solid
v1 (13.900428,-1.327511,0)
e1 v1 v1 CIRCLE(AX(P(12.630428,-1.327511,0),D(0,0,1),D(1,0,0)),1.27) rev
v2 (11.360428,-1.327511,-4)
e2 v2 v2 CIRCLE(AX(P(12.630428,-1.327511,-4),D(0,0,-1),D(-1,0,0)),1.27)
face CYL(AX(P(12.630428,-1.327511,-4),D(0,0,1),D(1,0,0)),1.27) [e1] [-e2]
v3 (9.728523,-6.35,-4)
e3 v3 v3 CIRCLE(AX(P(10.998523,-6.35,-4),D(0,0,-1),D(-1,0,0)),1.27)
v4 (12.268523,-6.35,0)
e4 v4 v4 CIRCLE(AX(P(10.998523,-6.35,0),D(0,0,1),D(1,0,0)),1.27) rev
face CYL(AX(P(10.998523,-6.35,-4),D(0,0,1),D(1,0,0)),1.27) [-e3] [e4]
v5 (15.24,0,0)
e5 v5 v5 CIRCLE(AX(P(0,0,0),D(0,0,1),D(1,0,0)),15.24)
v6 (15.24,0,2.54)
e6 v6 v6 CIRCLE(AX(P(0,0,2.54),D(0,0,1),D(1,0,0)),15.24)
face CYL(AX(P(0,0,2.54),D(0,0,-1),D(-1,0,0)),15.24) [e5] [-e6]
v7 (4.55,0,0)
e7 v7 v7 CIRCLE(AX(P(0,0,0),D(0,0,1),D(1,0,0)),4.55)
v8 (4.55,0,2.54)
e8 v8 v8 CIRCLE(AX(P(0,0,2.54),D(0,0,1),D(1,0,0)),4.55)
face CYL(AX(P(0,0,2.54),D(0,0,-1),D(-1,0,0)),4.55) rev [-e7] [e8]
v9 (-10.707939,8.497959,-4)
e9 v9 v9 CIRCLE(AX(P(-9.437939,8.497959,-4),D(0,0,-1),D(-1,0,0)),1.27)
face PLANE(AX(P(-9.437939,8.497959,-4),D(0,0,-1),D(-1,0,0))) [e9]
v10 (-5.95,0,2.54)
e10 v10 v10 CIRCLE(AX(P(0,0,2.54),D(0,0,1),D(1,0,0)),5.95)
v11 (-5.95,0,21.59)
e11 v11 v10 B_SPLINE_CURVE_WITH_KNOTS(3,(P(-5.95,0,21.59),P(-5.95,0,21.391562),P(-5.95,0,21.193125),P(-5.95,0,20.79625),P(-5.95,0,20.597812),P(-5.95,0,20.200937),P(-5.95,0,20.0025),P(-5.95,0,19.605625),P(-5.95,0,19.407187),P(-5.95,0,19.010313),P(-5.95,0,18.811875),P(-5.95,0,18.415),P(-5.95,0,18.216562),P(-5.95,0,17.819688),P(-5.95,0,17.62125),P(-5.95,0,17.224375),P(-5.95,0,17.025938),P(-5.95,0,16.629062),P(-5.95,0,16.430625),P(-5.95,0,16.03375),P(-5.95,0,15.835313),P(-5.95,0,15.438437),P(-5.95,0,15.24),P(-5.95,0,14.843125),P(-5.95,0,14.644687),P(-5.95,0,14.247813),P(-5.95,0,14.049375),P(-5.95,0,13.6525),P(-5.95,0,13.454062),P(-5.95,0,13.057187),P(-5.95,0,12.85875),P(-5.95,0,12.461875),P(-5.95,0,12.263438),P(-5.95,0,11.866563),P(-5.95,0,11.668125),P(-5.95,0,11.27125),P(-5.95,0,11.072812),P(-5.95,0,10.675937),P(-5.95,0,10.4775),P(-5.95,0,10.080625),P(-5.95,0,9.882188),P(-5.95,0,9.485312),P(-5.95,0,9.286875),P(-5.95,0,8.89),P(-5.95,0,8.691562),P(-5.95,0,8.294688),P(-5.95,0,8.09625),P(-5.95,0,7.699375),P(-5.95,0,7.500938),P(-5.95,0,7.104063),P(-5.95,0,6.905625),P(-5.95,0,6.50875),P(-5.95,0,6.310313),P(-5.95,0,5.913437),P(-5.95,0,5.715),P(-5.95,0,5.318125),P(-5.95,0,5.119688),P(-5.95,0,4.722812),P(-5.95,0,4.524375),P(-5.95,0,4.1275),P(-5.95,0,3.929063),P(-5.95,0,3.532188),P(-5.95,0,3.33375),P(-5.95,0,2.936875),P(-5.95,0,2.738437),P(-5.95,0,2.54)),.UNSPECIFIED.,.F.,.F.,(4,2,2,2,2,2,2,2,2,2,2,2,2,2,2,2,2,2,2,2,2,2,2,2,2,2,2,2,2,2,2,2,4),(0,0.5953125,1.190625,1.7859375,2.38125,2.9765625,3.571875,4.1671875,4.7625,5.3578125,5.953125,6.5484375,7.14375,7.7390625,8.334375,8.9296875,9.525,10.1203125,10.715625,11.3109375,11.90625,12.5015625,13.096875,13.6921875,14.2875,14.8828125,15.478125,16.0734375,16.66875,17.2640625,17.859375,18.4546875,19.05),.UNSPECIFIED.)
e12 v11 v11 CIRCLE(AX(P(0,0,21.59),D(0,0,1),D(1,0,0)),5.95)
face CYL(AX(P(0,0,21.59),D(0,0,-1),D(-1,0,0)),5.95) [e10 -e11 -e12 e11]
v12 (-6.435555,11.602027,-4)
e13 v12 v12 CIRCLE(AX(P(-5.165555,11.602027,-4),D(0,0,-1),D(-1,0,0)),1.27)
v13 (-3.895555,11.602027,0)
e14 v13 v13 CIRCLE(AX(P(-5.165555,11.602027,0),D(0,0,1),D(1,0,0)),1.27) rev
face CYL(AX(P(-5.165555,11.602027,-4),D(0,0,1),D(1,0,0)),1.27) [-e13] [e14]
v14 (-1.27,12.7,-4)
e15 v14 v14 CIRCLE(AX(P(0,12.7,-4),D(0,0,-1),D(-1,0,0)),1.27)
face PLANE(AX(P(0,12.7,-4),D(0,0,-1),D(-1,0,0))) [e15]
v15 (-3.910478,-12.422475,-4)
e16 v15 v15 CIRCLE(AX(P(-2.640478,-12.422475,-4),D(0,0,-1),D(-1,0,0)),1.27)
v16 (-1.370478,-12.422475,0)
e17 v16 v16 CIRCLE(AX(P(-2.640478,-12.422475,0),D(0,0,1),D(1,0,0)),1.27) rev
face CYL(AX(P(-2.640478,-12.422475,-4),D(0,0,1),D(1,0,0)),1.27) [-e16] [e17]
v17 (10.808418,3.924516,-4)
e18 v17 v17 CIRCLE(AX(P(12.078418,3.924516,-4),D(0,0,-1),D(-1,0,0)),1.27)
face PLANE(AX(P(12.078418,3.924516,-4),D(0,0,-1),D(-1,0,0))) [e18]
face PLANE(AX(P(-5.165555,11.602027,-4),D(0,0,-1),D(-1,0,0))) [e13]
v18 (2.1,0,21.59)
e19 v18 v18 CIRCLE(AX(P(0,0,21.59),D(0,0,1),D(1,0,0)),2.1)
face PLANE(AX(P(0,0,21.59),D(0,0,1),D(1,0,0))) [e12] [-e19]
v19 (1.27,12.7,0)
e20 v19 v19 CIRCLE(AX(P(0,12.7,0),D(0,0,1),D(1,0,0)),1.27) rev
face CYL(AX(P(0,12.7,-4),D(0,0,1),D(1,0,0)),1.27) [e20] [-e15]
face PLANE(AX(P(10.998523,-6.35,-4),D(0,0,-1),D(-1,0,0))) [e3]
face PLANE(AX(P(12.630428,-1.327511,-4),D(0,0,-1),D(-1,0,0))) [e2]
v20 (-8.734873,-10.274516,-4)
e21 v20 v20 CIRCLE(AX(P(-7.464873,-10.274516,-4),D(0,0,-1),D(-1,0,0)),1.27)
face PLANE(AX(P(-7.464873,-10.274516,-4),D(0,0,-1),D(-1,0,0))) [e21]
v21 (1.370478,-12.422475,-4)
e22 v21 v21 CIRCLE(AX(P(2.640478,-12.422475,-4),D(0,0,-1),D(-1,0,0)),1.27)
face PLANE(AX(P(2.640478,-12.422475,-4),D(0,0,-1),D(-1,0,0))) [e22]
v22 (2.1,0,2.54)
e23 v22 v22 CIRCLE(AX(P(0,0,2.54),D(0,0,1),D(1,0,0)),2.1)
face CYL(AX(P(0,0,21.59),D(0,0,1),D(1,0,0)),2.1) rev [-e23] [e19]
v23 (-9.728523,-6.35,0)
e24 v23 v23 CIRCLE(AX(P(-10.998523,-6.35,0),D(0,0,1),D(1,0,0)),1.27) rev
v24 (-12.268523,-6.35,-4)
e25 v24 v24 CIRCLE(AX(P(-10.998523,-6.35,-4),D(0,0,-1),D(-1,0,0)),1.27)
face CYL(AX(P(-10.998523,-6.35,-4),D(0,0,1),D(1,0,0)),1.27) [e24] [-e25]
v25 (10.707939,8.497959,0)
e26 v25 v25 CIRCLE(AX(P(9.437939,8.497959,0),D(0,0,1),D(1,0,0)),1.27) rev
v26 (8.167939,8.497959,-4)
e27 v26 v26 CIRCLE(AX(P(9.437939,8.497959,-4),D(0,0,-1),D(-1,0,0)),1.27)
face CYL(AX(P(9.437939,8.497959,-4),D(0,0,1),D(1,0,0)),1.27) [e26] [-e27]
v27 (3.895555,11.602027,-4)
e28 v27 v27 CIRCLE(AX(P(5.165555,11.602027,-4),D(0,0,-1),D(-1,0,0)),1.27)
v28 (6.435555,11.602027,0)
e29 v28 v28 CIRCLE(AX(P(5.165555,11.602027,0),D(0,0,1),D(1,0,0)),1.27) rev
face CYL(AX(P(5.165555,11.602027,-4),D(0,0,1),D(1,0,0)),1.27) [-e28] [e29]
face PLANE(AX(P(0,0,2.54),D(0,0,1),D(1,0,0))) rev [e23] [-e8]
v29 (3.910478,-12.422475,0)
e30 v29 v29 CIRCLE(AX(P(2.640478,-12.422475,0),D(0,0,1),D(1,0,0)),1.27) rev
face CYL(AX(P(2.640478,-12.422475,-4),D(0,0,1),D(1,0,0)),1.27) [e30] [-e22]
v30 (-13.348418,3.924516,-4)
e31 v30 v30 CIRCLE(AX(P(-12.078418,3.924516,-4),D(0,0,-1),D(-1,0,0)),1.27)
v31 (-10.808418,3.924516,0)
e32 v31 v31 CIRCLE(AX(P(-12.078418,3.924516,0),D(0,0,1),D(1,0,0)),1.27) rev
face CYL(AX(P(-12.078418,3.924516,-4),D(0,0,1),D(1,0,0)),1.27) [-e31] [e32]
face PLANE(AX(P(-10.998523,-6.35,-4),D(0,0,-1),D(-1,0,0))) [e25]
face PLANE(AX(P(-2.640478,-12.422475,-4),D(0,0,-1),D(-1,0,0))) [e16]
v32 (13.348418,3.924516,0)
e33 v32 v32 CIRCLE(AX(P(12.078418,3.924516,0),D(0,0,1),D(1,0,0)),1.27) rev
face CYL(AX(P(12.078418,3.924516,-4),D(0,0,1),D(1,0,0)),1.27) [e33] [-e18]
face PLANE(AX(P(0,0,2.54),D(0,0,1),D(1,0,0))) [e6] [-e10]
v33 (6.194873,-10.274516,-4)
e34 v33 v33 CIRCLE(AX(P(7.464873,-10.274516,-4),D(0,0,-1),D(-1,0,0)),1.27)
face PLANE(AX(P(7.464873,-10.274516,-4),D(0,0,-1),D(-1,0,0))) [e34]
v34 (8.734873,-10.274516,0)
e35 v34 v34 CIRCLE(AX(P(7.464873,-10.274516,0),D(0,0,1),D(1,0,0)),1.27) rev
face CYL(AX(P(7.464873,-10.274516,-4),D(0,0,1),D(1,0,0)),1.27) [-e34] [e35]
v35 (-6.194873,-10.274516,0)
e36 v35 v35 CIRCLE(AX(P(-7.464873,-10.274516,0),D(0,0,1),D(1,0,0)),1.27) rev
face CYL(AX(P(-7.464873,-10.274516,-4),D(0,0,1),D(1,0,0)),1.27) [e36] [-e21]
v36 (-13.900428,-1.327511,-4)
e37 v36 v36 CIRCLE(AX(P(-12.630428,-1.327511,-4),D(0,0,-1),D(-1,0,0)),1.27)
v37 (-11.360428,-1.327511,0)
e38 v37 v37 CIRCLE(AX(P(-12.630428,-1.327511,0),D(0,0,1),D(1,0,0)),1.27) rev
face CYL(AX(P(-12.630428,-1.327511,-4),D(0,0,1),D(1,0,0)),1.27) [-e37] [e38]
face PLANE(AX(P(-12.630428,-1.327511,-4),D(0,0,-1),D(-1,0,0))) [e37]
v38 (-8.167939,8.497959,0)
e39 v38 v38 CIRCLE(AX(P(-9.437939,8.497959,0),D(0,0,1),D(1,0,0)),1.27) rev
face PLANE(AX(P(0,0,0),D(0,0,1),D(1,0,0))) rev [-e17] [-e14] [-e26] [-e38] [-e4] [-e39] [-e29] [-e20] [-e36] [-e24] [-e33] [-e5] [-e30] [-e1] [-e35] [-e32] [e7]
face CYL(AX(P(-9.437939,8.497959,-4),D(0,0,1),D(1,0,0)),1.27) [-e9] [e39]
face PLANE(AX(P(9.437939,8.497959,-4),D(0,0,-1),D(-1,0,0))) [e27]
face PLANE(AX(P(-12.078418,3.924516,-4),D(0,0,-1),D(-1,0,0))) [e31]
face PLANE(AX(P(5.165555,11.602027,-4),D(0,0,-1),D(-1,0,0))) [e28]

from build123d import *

# Parameters (mm, degrees)
SKETCH1_R             = 15.24
SKETCH1_R_2           = 4.55
BOSS_EXTRUDE1_DEPTH   = 2.54
SKETCH2_R             = 5.95
BOSS_EXTRUDE2_DEPTH   = 19.05
SKETCH5_R             = 1.27
BOSS_EXTRUDE5_DEPTH   = 4.000000128
M5X0_8_TAPPED_HOLE2_D = 4.2


with BuildPart() as part:
    # Sketch1 → Boss-Extrude1 (new body)
    with BuildSketch(Plane.XY):
        Circle(SKETCH1_R)
        Circle(SKETCH1_R_2, mode=Mode.SUBTRACT)
    extrude(amount=BOSS_EXTRUDE1_DEPTH)

    # Sketch2 → Boss-Extrude2 (add)
    with BuildSketch(Plane.XY.offset(2.54)):
        with Locations(Location((0, 0, 0), (0, 0, 180))):
            Circle(SKETCH2_R)
    extrude(amount=BOSS_EXTRUDE2_DEPTH)

    # Sketch5 → Boss-Extrude5 (add)
    with BuildSketch(Plane(origin=(0, 0, 0), x_dir=(-1, 0, 0), z_dir=(0, 0, -1))):
        with Locations(Location((0, 12.7, 0), (0, 0, 180))):
            Circle(SKETCH5_R)
        with Locations(Location((5.165555367, 11.602027312, 0), (0, 0, 180))):
            Circle(SKETCH5_R)
        with Locations(Location((9.437939284, 8.497958701, 0), (0, 0, 180))):
            Circle(SKETCH5_R)
        with Locations(Location((12.078417757, 3.924515829, 0), (0, 0, 180))):
            Circle(SKETCH5_R)
        with Locations(Location((12.630428071, -1.327511483, 0), (0, 0, 180))):
            Circle(SKETCH5_R)
        with Locations(Location((10.998522628, -6.35, 0), (0, 0, 180))):
            Circle(SKETCH5_R)
        with Locations(Location((7.464872704, -10.274515829, 0), (0, 0, 180))):
            Circle(SKETCH5_R)
        with Locations(Location((2.640478473, -12.422474529, 0), (0, 0, 180))):
            Circle(SKETCH5_R)
        with Locations(Location((-2.640478473, -12.422474529, 0), (0, 0, 180))):
            Circle(SKETCH5_R)
        with Locations(Location((-7.464872704, -10.274515829, 0), (0, 0, 180))):
            Circle(SKETCH5_R)
        with Locations(Location((-10.998522628, -6.35, 0), (0, 0, 180))):
            Circle(SKETCH5_R)
        with Locations(Location((-12.630428071, -1.327511483, 0), (0, 0, 180))):
            Circle(SKETCH5_R)
        with Locations(Location((-12.078417757, 3.924515829, 0), (0, 0, 180))):
            Circle(SKETCH5_R)
        with Locations(Location((-9.437939284, 8.497958701, 0), (0, 0, 180))):
            Circle(SKETCH5_R)
        with Locations(Location((-5.165555367, 11.602027312, 0), (0, 0, 180))):
            Circle(SKETCH5_R)
    extrude(amount=BOSS_EXTRUDE5_DEPTH)

    # M5x0.8 Tapped Hole2 (through all)
    with Locations(Plane.XY.offset(21.59)):
        with Locations((0, 0)):
            Hole(M5X0_8_TAPPED_HOLE2_D / 2)


solid = part.part
